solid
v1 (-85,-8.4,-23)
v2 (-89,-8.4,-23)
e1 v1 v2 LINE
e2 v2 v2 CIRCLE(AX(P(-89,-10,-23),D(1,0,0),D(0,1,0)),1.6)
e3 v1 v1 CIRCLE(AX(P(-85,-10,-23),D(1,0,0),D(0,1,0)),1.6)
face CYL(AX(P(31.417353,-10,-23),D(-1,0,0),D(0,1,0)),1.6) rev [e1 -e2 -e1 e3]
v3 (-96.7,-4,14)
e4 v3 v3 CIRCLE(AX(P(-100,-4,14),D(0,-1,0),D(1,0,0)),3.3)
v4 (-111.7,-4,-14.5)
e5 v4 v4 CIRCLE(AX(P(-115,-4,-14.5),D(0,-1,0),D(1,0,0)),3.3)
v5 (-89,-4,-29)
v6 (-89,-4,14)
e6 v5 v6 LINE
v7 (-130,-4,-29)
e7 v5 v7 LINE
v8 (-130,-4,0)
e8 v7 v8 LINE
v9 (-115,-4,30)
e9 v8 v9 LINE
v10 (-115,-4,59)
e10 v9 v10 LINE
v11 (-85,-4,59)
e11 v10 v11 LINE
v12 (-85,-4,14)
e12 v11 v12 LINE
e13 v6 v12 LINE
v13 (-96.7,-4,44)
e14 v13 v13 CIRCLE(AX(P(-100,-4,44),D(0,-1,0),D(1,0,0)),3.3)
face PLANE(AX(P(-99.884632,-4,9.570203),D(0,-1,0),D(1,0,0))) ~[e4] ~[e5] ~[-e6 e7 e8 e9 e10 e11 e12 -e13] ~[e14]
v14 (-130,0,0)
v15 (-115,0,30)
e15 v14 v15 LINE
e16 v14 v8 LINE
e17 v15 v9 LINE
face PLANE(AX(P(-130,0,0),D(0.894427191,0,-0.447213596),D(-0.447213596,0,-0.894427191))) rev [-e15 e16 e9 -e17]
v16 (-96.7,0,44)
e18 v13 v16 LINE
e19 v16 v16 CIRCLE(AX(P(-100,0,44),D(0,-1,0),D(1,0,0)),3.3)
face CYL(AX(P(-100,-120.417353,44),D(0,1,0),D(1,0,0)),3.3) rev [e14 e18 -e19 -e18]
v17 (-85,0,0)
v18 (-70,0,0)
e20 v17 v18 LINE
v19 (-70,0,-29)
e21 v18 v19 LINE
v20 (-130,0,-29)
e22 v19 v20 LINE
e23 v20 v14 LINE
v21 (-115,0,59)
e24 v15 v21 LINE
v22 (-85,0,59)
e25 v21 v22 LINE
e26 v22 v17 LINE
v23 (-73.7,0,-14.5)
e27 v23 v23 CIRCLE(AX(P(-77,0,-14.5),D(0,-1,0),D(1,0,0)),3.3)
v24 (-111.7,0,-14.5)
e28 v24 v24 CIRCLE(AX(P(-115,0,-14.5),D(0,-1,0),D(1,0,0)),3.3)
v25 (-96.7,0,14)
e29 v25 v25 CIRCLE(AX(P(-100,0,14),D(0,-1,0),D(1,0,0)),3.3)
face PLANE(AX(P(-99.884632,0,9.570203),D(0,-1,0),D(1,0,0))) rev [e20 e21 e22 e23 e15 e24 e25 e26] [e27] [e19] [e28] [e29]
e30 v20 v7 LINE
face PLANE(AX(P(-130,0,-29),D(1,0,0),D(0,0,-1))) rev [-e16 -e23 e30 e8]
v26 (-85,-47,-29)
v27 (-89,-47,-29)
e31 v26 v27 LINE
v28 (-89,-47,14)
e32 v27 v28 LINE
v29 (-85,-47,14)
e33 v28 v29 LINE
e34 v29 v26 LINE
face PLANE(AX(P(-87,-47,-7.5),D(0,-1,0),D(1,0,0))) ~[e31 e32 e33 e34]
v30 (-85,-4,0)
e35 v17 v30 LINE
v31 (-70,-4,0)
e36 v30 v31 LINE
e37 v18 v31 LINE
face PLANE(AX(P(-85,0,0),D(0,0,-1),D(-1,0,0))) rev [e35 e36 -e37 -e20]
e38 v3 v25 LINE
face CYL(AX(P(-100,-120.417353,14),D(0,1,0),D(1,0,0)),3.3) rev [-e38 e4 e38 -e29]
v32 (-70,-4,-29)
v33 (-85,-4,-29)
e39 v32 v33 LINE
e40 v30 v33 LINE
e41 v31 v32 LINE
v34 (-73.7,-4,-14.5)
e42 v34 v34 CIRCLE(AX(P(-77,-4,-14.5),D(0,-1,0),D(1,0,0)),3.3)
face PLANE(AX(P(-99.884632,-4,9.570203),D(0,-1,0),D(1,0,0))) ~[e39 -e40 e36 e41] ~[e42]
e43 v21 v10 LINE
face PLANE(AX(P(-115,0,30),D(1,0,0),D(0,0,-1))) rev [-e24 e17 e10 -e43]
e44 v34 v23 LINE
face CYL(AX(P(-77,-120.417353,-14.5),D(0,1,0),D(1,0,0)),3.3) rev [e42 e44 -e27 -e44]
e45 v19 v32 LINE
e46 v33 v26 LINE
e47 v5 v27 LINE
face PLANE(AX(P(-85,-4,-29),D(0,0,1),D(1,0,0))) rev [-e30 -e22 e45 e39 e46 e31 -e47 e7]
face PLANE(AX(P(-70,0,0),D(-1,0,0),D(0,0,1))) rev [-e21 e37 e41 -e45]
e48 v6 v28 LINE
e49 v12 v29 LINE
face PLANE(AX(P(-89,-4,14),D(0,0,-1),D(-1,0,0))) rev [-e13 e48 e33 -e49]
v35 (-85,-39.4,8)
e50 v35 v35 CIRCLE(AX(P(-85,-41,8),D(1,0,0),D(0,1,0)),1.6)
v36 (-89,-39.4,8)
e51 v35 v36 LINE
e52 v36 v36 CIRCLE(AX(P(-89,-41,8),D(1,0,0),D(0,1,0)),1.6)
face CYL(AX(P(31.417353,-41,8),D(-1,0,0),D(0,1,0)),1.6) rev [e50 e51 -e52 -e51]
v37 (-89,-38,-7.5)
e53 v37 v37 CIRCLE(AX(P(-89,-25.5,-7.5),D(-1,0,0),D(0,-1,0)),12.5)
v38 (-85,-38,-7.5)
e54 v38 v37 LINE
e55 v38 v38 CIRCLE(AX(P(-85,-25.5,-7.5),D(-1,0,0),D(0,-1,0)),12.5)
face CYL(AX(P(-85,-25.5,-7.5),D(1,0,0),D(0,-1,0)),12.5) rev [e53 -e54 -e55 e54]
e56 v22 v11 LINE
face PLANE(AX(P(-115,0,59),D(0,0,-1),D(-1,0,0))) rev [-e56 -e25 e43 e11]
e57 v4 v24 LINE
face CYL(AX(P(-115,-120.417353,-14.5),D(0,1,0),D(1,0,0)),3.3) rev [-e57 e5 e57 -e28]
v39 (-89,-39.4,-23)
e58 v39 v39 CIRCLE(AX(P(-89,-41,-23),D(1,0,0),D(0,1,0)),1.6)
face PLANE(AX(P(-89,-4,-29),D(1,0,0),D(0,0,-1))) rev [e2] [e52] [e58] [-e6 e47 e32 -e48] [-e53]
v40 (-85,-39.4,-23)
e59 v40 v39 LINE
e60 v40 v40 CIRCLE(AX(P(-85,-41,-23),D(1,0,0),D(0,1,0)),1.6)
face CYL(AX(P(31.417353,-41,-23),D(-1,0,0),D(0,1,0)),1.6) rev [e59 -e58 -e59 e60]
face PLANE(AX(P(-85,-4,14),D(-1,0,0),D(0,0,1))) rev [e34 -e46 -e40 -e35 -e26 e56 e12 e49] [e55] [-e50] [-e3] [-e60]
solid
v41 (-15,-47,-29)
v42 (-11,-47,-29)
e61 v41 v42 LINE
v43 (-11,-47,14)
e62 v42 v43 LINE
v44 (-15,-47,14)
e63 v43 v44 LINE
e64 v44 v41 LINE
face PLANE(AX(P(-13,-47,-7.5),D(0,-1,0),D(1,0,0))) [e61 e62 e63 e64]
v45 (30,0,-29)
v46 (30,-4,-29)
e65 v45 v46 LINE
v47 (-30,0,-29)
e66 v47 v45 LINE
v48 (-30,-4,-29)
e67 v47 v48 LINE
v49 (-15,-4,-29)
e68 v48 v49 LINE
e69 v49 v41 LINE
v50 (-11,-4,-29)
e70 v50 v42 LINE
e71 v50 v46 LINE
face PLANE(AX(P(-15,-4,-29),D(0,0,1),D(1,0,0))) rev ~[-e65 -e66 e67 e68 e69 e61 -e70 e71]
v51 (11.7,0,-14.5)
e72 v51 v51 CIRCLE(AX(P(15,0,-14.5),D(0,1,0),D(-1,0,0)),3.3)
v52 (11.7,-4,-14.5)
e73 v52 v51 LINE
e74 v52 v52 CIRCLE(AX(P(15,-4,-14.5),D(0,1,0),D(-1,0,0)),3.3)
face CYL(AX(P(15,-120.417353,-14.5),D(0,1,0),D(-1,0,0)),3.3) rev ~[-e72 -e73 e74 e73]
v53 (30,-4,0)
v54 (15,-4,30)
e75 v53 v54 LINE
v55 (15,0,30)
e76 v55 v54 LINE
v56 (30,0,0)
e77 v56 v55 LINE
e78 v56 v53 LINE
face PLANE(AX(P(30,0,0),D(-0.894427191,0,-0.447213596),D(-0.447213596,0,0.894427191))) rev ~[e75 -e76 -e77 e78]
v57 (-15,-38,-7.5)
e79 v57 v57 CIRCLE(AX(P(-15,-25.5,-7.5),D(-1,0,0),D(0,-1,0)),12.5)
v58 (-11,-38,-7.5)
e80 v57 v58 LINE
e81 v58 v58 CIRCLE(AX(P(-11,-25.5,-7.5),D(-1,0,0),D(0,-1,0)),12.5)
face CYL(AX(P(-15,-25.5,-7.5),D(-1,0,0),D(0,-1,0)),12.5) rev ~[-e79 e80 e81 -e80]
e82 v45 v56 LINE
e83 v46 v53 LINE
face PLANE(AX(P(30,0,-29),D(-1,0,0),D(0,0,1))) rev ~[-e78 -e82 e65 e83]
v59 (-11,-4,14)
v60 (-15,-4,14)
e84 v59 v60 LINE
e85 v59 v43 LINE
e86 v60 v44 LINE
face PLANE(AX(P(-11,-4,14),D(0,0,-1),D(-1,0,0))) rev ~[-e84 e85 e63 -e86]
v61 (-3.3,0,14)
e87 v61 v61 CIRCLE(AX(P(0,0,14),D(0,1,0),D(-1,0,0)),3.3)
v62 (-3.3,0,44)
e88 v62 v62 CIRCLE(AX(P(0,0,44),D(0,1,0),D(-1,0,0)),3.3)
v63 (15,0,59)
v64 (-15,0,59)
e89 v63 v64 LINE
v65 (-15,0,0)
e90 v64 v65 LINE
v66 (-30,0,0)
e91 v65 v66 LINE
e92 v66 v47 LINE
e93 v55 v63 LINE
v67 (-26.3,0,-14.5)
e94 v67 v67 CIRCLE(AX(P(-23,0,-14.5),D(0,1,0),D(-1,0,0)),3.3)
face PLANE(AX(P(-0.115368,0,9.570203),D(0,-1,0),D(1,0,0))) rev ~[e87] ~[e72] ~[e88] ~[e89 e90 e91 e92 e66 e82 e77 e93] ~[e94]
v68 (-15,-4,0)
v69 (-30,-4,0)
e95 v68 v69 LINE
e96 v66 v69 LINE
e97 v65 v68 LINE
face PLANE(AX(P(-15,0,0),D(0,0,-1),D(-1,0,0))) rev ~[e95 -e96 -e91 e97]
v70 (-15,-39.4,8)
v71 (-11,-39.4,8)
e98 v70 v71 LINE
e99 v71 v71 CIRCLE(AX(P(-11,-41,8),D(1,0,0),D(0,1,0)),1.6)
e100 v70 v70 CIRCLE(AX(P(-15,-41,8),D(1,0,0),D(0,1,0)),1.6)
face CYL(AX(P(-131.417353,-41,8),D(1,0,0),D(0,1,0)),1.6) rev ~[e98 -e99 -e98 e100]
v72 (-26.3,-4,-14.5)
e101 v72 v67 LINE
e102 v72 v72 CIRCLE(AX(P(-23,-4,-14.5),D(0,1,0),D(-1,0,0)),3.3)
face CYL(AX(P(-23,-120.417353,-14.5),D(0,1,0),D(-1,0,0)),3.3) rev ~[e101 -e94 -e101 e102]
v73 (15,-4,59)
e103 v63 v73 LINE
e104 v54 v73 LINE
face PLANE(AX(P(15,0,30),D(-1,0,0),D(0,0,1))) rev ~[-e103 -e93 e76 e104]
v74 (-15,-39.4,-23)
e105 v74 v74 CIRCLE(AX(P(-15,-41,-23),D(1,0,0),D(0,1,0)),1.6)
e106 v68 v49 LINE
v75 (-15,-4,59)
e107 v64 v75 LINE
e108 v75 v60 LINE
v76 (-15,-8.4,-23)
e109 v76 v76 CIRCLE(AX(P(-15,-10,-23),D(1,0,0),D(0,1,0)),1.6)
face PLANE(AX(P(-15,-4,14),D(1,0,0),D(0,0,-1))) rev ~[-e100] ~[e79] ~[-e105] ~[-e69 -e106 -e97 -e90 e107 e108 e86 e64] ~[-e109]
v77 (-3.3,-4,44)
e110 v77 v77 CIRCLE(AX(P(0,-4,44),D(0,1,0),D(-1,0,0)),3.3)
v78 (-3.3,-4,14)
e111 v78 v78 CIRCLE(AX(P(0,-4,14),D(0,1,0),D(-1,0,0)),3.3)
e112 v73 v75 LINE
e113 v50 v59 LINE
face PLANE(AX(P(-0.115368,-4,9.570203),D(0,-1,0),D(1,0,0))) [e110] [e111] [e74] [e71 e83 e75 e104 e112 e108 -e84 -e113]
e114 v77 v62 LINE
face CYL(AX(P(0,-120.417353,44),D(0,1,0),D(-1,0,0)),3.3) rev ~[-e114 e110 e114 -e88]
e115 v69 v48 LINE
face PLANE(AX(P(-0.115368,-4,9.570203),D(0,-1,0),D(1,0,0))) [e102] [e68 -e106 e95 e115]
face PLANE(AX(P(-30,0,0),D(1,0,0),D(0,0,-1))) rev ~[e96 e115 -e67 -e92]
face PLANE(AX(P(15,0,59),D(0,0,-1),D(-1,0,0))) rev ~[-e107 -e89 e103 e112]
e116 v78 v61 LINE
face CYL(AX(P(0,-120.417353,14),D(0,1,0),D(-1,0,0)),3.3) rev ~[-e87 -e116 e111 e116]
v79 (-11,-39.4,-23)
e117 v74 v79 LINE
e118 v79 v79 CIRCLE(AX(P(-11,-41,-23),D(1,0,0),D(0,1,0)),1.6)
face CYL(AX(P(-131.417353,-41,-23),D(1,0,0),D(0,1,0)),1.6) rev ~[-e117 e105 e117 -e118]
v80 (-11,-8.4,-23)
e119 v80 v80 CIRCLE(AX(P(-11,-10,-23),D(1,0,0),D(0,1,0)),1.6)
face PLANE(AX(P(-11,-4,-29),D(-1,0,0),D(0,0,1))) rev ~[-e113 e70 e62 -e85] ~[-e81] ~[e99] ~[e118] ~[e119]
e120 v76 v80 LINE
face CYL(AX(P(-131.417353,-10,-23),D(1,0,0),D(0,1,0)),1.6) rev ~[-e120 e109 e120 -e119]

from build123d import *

# Parameters (mm, degrees)
F1_DEPTH = 4
F3_DEPTH = 43
F4_R     = 12.5
F5_DEPTH = 45.001
F6_D     = 3.2
F8_D     = 6.6


with BuildPart() as f1:
    # F0 (on Front) → F1 (new body)
    with BuildSketch(Plane.XZ):
        Polygon((-15, 0), (-30, 0), (-30, -29), (30, -29), (30, 0), (15, 30), (15, 59), (-15, 59), align=None)
    extrude(amount=F1_DEPTH)

    # F2 (on face) → F3 (join)
    with BuildSketch(Plane.XZ.offset(4)):
        Polygon((-11, 14), (-15, 14), (-15, 0), (-15, -29), (-11, -29), align=None)
    extrude(amount=F3_DEPTH)

    # F4 (on face) → F5 (cut, through all)
    with BuildSketch(Plane(origin=(-15, 0, 0), x_dir=(0, -1, 0), z_dir=(-1, 0, 0))):
        with Locations((25.5, -7.5)):
            Circle(F4_R)
    extrude(amount=-F5_DEPTH, mode=Mode.SUBTRACT)

    # F6 (through all)
    with Locations(Plane(origin=(-15, 0, 0), x_dir=(0, -1, 0), z_dir=(-1, 0, 0))):
        with Locations((41, 8), (41, -23), (10, -23)):
            Hole(F6_D / 2)

    # F8 (through all)
    with Locations(Plane.XZ.offset(4)):
        with Locations((0, 44), (15, -14.5), (-23, -14.5), (0, 14)):
            Hole(F8_D / 2)


with BuildPart() as f11_1:
    # F11: instance of F1
    add(f1.part.mirror(Plane.YZ.offset(-50)))


solid = Compound([f1.part, f11_1.part])
